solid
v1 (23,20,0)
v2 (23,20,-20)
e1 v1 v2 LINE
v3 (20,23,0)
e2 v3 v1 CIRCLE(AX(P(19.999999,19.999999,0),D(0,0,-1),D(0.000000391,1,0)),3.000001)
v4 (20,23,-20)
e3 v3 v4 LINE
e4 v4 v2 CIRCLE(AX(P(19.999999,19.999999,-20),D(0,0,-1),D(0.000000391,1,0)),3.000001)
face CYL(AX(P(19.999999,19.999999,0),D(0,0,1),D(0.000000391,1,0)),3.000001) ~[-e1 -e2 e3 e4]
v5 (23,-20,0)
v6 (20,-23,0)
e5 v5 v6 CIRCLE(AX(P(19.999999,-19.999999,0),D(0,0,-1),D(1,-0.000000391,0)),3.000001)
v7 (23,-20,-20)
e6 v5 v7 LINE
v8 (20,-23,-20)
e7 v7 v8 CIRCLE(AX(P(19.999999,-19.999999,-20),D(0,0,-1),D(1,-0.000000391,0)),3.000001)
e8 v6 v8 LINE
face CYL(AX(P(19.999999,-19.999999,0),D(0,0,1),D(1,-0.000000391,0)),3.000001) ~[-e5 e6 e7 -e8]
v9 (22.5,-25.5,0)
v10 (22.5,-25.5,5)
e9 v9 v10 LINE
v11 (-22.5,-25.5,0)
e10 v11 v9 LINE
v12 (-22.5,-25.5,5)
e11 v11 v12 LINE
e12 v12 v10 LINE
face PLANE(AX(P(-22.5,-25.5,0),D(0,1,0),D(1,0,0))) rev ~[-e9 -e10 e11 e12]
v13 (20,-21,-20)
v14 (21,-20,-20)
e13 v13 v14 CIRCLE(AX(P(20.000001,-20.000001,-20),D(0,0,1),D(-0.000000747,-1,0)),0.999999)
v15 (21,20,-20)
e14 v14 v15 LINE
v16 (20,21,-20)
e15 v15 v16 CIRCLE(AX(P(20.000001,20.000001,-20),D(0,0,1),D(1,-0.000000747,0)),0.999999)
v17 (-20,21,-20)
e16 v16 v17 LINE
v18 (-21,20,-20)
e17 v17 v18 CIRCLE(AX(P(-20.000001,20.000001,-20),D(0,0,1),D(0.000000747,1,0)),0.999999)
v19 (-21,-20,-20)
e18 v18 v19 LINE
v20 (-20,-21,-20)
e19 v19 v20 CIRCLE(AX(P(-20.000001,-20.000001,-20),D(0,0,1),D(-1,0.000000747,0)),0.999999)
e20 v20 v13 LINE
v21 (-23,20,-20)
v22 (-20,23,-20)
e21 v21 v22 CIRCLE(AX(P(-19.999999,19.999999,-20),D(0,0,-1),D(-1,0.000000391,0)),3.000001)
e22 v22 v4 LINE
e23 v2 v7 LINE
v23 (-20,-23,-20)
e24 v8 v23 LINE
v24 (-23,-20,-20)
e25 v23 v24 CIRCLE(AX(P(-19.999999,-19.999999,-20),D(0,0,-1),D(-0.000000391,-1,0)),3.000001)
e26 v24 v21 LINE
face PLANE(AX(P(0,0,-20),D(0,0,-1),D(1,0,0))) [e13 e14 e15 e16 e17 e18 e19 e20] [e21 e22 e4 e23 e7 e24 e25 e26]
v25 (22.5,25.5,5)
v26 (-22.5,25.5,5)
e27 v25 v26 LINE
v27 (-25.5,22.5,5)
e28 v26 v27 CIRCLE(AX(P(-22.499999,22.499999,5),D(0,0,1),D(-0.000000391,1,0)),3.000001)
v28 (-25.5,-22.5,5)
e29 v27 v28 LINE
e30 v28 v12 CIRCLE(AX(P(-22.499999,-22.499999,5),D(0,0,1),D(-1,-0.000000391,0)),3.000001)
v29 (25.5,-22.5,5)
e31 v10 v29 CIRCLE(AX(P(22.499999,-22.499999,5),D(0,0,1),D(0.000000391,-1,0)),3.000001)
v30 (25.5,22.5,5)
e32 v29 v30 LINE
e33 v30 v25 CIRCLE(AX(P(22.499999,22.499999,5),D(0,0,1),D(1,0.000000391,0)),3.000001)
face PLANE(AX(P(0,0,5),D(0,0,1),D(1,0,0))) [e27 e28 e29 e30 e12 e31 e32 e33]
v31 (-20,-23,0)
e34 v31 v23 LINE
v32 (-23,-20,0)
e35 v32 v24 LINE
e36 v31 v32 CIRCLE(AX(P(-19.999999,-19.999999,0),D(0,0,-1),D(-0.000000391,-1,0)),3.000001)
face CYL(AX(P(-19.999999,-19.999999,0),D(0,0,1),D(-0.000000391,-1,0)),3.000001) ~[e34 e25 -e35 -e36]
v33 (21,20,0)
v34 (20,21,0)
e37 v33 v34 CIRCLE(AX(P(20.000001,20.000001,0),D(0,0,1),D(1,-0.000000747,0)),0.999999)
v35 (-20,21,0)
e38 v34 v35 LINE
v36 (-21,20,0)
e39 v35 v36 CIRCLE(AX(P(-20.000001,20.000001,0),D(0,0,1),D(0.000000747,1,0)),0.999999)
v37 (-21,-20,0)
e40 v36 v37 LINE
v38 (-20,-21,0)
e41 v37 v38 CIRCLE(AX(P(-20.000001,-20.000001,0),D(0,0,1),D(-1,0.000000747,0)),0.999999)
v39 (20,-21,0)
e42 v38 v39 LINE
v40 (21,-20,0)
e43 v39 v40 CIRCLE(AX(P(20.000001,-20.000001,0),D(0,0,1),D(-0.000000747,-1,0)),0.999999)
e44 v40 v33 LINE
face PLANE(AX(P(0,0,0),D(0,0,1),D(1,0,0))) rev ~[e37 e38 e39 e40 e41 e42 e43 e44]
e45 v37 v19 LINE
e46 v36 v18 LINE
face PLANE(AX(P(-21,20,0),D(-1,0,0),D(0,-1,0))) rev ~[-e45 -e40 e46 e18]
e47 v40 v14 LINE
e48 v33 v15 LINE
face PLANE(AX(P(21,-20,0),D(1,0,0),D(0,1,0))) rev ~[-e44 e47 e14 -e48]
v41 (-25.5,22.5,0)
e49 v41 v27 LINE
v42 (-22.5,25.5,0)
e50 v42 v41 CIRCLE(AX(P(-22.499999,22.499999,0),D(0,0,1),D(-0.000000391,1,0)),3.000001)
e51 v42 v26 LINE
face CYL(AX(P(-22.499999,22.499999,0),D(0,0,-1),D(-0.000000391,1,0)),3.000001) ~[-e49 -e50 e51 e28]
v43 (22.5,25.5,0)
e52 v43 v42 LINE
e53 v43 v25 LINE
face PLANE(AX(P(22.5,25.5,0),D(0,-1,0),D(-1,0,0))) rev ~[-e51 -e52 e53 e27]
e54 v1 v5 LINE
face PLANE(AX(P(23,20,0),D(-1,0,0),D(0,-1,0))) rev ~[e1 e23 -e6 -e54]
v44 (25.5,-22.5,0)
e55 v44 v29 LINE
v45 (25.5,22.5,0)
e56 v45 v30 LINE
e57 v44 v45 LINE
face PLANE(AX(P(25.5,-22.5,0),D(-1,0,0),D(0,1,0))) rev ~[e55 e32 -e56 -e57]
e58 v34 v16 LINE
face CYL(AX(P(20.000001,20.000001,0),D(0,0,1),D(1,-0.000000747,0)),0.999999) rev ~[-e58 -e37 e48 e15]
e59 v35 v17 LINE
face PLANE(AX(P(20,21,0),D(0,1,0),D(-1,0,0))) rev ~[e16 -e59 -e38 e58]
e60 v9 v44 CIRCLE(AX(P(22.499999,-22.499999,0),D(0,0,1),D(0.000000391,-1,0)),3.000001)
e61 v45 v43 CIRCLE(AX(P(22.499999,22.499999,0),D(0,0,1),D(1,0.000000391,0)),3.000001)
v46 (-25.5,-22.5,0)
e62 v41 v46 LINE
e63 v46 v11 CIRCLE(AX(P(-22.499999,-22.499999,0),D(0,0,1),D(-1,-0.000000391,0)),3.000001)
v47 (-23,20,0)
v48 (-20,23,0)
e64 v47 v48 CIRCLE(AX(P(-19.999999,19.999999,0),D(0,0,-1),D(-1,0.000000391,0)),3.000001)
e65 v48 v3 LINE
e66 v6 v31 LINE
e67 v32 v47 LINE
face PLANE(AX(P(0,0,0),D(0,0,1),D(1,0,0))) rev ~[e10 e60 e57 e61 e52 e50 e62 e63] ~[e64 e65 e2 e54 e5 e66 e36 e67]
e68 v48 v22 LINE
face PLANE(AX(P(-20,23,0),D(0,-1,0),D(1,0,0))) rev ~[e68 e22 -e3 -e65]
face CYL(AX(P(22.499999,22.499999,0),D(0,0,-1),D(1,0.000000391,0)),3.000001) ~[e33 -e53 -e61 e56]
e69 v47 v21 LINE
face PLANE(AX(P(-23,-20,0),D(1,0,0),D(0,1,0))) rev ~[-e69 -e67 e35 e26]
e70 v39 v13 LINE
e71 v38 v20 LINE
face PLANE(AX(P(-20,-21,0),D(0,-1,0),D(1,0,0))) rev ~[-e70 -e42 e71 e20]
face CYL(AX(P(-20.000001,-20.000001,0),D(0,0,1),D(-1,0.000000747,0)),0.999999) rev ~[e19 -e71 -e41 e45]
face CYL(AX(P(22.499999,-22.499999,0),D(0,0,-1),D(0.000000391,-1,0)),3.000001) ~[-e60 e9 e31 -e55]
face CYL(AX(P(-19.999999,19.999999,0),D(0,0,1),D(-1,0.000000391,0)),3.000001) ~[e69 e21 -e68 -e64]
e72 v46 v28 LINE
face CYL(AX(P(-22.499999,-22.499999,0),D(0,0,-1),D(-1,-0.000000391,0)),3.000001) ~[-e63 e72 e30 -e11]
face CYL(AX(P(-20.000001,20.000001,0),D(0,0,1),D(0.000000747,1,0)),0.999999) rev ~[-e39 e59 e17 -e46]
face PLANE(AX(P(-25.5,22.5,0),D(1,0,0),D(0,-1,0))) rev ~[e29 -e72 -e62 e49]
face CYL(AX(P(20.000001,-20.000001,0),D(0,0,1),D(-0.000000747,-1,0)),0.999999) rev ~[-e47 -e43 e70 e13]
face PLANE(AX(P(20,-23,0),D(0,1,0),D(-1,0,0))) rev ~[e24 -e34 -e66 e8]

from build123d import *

# Parameters (mm, degrees)
F1_DEPTH = 5
F3_DEPTH = 20


with BuildPart() as f1:
    # F0 (on Top) → F1 (new body)
    with BuildSketch(Plane.XY):
        with BuildLine():
            ThreePointArc((-25.5, -22.5), (-24.62132, -24.62132), (-22.5, -25.5))
            Line((-22.5, -25.5), (22.5, -25.5))
            ThreePointArc((22.5, -25.5), (24.62132, -24.62132), (25.5, -22.5))
            Line((25.5, -22.5), (25.5, 22.5))
            ThreePointArc((25.5, 22.5), (24.62132, 24.62132), (22.5, 25.5))
            Line((22.5, 25.5), (-22.5, 25.5))
            ThreePointArc((-22.5, 25.5), (-24.62132, 24.62132), (-25.5, 22.5))
            Line((-25.5, 22.5), (-25.5, -22.5))
        make_face()
    extrude(amount=F1_DEPTH)

    # F2 (on face) → F3 (join)
    with BuildSketch(Plane(origin=(0, 0, 0), x_dir=(1, 0, 0), z_dir=(0, 0, -1))):
        with BuildLine():
            ThreePointArc((-23, -20), (-22.12132, -22.12132), (-20, -23))
            Line((-20, -23), (20, -23))
            ThreePointArc((20, -23), (22.12132, -22.12132), (23, -20))
            Line((23, -20), (23, 20))
            ThreePointArc((23, 20), (22.12132, 22.12132), (20, 23))
            Line((20, 23), (-20, 23))
            ThreePointArc((-20, 23), (-22.12132, 22.12132), (-23, 20))
            Line((-23, 20), (-23, -20))
        make_face()
        with BuildLine():
            ThreePointArc((20, 21), (20.707107, 20.707107), (21, 20))
            Line((21, 20), (21, -20))
            ThreePointArc((21, -20), (20.707107, -20.707107), (20, -21))
            Line((20, -21), (-20, -21))
            ThreePointArc((-20, -21), (-20.707107, -20.707107), (-21, -20))
            Line((-21, -20), (-21, 20))
            ThreePointArc((-21, 20), (-20.707107, 20.707107), (-20, 21))
            Line((-20, 21), (20, 21))
        make_face(mode=Mode.SUBTRACT)
    extrude(amount=F3_DEPTH)


solid = f1.part
